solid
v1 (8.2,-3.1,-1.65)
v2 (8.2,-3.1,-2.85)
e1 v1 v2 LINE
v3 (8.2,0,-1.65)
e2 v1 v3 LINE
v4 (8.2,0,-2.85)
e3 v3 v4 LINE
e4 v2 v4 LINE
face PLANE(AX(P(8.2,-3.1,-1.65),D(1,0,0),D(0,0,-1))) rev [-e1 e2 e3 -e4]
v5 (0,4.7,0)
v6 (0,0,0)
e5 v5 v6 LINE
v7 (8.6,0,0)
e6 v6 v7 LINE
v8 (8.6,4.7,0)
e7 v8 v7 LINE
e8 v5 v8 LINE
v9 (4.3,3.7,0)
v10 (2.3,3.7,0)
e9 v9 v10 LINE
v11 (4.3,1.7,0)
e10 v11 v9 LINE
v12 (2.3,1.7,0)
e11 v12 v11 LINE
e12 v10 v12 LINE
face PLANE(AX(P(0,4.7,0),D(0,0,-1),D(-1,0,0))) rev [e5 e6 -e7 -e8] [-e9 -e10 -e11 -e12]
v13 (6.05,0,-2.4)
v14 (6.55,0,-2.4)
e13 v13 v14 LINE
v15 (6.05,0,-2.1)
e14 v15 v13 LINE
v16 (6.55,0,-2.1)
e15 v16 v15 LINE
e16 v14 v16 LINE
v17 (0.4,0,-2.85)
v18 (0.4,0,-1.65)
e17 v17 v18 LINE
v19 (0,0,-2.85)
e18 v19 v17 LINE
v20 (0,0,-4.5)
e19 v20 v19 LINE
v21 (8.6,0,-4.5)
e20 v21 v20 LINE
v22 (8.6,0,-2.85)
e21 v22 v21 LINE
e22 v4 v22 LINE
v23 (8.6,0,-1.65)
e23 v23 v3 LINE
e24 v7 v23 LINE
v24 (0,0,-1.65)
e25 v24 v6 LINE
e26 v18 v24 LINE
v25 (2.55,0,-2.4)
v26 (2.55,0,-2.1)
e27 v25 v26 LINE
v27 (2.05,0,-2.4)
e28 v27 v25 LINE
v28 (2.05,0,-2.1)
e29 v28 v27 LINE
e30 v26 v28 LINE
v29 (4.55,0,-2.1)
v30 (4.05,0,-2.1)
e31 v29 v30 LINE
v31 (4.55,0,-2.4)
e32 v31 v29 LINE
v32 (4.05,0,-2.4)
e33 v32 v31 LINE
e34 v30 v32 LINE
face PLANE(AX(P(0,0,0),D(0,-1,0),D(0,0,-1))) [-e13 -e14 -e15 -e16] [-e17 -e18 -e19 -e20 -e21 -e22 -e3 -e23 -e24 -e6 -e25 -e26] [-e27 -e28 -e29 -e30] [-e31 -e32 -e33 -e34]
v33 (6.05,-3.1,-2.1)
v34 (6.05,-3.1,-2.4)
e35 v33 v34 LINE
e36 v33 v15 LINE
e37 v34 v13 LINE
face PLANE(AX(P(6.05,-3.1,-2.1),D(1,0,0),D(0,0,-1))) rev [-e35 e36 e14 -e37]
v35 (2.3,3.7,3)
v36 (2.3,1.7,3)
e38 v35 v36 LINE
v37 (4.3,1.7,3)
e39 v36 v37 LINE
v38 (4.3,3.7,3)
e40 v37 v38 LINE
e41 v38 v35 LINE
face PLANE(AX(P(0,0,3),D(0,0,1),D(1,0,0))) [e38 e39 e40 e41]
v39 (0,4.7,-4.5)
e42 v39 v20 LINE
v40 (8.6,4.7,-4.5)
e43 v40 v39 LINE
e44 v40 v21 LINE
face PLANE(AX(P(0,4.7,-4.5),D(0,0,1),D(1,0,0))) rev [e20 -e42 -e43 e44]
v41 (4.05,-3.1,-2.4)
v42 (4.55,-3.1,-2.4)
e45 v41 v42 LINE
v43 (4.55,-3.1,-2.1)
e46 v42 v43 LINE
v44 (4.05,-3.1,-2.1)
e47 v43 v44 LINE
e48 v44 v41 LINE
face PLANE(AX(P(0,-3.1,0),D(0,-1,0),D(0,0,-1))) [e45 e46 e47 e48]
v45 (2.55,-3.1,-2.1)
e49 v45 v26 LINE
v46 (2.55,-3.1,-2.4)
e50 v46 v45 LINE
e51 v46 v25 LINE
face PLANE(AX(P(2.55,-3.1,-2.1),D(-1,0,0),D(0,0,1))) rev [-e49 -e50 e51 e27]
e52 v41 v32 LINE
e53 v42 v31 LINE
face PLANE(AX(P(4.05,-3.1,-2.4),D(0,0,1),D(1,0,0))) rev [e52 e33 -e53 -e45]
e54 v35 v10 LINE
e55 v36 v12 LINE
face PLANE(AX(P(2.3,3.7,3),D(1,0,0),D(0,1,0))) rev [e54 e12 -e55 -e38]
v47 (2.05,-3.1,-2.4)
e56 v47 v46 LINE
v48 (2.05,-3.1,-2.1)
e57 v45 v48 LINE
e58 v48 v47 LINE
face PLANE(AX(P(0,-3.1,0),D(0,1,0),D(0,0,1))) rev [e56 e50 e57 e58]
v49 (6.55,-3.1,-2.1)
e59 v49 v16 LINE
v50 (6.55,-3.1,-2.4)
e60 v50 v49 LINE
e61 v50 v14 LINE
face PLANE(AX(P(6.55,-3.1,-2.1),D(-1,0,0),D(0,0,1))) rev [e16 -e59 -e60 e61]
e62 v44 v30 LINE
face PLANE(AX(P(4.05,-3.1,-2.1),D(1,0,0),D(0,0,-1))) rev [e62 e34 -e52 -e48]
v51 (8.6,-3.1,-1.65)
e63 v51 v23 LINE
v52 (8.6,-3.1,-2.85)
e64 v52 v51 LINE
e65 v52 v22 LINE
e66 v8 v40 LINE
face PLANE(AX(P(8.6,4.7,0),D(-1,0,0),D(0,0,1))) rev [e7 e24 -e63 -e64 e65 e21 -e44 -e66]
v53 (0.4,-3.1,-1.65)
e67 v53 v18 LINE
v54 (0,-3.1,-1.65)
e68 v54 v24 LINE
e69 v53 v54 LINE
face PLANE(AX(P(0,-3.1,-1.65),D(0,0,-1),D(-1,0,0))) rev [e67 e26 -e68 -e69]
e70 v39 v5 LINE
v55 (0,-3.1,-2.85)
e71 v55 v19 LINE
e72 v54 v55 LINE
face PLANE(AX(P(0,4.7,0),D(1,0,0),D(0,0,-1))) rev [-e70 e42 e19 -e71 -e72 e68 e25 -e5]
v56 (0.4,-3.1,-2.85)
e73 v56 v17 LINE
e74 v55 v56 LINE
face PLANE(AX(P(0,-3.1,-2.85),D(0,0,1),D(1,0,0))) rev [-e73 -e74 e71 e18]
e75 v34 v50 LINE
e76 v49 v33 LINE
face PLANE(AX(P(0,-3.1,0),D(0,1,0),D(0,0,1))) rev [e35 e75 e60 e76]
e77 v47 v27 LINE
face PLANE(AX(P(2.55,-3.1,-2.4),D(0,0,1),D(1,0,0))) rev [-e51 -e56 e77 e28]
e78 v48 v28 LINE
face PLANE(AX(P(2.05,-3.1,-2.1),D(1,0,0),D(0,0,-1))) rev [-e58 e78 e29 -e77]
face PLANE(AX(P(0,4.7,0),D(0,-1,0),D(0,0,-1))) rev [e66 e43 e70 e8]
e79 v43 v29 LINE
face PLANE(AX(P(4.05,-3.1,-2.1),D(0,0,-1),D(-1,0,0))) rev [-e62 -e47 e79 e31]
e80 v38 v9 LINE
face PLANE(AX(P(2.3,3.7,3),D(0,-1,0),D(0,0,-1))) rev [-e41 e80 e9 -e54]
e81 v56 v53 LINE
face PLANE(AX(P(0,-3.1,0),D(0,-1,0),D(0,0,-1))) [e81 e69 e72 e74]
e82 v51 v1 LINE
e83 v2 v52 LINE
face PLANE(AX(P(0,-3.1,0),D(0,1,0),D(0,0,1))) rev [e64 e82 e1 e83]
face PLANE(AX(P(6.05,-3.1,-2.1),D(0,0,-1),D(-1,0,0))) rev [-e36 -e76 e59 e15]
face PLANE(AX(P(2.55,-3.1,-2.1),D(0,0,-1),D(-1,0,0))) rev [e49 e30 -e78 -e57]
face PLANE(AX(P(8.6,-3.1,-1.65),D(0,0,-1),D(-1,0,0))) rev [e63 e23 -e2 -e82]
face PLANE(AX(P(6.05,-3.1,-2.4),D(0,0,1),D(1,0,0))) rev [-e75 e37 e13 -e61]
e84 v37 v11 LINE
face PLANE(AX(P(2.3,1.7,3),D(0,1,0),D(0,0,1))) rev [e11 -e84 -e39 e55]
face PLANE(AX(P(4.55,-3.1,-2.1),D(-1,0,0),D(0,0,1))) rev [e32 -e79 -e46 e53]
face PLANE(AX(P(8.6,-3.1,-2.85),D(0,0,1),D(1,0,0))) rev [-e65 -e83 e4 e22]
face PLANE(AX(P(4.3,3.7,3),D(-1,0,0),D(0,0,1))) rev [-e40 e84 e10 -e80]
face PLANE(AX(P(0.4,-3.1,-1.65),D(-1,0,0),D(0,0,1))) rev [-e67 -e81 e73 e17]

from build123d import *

# Parameters (mm, degrees)
SKETCH_1_W      = 8.6
SKETCH_1_H      = 4.5
EXTRUDE_1_DEPTH = 4.7
SKETCH_2_W      = 2
SKETCH_2_H      = 2
EXTRUDE_2_DEPTH = 3
SKETCH_4_W      = 0.4
SKETCH_4_H      = 1.2
EXTRUDE_3_DEPTH = 3.1
SKETCH_5_W      = 0.5
SKETCH_5_H      = 0.3
EXTRUDE_4_DEPTH = 3.1


with BuildPart() as part:
    # 草图1 → 凸台-拉伸1 (new body)
    with BuildSketch(Plane(origin=(0, 0, 0), x_dir=(1, 0, 0), z_dir=(0, 1, 0))):
        with Locations((4.3, 2.25)):
            Rectangle(SKETCH_1_W, SKETCH_1_H)
    extrude(amount=EXTRUDE_1_DEPTH)

    # 草图2 → 凸台-拉伸2 (add)
    with BuildSketch(Plane.XY):
        with Locations((3.3, 2.7)):
            Rectangle(SKETCH_2_W, SKETCH_2_H)
    extrude(amount=EXTRUDE_2_DEPTH)

    # 草图4 → 凸台-拉伸3 (add)
    with BuildSketch(Plane.XZ):
        with Locations((0.2, -2.25)):
            Rectangle(SKETCH_4_W, SKETCH_4_H)
        with Locations((8.4, -2.25)):
            Rectangle(SKETCH_4_W, SKETCH_4_H)
    extrude(amount=EXTRUDE_3_DEPTH)

    # 草图5 → 凸台-拉伸4 (add)
    with BuildSketch(Plane.XZ):
        with Locations((4.3, -2.25)):
            Rectangle(SKETCH_5_W, SKETCH_5_H)
        with Locations((6.3, -2.25)):
            Rectangle(SKETCH_5_W, SKETCH_5_H)
        with Locations((2.3, -2.25)):
            Rectangle(SKETCH_5_W, SKETCH_5_H)
    extrude(amount=EXTRUDE_4_DEPTH)


solid = part.part
